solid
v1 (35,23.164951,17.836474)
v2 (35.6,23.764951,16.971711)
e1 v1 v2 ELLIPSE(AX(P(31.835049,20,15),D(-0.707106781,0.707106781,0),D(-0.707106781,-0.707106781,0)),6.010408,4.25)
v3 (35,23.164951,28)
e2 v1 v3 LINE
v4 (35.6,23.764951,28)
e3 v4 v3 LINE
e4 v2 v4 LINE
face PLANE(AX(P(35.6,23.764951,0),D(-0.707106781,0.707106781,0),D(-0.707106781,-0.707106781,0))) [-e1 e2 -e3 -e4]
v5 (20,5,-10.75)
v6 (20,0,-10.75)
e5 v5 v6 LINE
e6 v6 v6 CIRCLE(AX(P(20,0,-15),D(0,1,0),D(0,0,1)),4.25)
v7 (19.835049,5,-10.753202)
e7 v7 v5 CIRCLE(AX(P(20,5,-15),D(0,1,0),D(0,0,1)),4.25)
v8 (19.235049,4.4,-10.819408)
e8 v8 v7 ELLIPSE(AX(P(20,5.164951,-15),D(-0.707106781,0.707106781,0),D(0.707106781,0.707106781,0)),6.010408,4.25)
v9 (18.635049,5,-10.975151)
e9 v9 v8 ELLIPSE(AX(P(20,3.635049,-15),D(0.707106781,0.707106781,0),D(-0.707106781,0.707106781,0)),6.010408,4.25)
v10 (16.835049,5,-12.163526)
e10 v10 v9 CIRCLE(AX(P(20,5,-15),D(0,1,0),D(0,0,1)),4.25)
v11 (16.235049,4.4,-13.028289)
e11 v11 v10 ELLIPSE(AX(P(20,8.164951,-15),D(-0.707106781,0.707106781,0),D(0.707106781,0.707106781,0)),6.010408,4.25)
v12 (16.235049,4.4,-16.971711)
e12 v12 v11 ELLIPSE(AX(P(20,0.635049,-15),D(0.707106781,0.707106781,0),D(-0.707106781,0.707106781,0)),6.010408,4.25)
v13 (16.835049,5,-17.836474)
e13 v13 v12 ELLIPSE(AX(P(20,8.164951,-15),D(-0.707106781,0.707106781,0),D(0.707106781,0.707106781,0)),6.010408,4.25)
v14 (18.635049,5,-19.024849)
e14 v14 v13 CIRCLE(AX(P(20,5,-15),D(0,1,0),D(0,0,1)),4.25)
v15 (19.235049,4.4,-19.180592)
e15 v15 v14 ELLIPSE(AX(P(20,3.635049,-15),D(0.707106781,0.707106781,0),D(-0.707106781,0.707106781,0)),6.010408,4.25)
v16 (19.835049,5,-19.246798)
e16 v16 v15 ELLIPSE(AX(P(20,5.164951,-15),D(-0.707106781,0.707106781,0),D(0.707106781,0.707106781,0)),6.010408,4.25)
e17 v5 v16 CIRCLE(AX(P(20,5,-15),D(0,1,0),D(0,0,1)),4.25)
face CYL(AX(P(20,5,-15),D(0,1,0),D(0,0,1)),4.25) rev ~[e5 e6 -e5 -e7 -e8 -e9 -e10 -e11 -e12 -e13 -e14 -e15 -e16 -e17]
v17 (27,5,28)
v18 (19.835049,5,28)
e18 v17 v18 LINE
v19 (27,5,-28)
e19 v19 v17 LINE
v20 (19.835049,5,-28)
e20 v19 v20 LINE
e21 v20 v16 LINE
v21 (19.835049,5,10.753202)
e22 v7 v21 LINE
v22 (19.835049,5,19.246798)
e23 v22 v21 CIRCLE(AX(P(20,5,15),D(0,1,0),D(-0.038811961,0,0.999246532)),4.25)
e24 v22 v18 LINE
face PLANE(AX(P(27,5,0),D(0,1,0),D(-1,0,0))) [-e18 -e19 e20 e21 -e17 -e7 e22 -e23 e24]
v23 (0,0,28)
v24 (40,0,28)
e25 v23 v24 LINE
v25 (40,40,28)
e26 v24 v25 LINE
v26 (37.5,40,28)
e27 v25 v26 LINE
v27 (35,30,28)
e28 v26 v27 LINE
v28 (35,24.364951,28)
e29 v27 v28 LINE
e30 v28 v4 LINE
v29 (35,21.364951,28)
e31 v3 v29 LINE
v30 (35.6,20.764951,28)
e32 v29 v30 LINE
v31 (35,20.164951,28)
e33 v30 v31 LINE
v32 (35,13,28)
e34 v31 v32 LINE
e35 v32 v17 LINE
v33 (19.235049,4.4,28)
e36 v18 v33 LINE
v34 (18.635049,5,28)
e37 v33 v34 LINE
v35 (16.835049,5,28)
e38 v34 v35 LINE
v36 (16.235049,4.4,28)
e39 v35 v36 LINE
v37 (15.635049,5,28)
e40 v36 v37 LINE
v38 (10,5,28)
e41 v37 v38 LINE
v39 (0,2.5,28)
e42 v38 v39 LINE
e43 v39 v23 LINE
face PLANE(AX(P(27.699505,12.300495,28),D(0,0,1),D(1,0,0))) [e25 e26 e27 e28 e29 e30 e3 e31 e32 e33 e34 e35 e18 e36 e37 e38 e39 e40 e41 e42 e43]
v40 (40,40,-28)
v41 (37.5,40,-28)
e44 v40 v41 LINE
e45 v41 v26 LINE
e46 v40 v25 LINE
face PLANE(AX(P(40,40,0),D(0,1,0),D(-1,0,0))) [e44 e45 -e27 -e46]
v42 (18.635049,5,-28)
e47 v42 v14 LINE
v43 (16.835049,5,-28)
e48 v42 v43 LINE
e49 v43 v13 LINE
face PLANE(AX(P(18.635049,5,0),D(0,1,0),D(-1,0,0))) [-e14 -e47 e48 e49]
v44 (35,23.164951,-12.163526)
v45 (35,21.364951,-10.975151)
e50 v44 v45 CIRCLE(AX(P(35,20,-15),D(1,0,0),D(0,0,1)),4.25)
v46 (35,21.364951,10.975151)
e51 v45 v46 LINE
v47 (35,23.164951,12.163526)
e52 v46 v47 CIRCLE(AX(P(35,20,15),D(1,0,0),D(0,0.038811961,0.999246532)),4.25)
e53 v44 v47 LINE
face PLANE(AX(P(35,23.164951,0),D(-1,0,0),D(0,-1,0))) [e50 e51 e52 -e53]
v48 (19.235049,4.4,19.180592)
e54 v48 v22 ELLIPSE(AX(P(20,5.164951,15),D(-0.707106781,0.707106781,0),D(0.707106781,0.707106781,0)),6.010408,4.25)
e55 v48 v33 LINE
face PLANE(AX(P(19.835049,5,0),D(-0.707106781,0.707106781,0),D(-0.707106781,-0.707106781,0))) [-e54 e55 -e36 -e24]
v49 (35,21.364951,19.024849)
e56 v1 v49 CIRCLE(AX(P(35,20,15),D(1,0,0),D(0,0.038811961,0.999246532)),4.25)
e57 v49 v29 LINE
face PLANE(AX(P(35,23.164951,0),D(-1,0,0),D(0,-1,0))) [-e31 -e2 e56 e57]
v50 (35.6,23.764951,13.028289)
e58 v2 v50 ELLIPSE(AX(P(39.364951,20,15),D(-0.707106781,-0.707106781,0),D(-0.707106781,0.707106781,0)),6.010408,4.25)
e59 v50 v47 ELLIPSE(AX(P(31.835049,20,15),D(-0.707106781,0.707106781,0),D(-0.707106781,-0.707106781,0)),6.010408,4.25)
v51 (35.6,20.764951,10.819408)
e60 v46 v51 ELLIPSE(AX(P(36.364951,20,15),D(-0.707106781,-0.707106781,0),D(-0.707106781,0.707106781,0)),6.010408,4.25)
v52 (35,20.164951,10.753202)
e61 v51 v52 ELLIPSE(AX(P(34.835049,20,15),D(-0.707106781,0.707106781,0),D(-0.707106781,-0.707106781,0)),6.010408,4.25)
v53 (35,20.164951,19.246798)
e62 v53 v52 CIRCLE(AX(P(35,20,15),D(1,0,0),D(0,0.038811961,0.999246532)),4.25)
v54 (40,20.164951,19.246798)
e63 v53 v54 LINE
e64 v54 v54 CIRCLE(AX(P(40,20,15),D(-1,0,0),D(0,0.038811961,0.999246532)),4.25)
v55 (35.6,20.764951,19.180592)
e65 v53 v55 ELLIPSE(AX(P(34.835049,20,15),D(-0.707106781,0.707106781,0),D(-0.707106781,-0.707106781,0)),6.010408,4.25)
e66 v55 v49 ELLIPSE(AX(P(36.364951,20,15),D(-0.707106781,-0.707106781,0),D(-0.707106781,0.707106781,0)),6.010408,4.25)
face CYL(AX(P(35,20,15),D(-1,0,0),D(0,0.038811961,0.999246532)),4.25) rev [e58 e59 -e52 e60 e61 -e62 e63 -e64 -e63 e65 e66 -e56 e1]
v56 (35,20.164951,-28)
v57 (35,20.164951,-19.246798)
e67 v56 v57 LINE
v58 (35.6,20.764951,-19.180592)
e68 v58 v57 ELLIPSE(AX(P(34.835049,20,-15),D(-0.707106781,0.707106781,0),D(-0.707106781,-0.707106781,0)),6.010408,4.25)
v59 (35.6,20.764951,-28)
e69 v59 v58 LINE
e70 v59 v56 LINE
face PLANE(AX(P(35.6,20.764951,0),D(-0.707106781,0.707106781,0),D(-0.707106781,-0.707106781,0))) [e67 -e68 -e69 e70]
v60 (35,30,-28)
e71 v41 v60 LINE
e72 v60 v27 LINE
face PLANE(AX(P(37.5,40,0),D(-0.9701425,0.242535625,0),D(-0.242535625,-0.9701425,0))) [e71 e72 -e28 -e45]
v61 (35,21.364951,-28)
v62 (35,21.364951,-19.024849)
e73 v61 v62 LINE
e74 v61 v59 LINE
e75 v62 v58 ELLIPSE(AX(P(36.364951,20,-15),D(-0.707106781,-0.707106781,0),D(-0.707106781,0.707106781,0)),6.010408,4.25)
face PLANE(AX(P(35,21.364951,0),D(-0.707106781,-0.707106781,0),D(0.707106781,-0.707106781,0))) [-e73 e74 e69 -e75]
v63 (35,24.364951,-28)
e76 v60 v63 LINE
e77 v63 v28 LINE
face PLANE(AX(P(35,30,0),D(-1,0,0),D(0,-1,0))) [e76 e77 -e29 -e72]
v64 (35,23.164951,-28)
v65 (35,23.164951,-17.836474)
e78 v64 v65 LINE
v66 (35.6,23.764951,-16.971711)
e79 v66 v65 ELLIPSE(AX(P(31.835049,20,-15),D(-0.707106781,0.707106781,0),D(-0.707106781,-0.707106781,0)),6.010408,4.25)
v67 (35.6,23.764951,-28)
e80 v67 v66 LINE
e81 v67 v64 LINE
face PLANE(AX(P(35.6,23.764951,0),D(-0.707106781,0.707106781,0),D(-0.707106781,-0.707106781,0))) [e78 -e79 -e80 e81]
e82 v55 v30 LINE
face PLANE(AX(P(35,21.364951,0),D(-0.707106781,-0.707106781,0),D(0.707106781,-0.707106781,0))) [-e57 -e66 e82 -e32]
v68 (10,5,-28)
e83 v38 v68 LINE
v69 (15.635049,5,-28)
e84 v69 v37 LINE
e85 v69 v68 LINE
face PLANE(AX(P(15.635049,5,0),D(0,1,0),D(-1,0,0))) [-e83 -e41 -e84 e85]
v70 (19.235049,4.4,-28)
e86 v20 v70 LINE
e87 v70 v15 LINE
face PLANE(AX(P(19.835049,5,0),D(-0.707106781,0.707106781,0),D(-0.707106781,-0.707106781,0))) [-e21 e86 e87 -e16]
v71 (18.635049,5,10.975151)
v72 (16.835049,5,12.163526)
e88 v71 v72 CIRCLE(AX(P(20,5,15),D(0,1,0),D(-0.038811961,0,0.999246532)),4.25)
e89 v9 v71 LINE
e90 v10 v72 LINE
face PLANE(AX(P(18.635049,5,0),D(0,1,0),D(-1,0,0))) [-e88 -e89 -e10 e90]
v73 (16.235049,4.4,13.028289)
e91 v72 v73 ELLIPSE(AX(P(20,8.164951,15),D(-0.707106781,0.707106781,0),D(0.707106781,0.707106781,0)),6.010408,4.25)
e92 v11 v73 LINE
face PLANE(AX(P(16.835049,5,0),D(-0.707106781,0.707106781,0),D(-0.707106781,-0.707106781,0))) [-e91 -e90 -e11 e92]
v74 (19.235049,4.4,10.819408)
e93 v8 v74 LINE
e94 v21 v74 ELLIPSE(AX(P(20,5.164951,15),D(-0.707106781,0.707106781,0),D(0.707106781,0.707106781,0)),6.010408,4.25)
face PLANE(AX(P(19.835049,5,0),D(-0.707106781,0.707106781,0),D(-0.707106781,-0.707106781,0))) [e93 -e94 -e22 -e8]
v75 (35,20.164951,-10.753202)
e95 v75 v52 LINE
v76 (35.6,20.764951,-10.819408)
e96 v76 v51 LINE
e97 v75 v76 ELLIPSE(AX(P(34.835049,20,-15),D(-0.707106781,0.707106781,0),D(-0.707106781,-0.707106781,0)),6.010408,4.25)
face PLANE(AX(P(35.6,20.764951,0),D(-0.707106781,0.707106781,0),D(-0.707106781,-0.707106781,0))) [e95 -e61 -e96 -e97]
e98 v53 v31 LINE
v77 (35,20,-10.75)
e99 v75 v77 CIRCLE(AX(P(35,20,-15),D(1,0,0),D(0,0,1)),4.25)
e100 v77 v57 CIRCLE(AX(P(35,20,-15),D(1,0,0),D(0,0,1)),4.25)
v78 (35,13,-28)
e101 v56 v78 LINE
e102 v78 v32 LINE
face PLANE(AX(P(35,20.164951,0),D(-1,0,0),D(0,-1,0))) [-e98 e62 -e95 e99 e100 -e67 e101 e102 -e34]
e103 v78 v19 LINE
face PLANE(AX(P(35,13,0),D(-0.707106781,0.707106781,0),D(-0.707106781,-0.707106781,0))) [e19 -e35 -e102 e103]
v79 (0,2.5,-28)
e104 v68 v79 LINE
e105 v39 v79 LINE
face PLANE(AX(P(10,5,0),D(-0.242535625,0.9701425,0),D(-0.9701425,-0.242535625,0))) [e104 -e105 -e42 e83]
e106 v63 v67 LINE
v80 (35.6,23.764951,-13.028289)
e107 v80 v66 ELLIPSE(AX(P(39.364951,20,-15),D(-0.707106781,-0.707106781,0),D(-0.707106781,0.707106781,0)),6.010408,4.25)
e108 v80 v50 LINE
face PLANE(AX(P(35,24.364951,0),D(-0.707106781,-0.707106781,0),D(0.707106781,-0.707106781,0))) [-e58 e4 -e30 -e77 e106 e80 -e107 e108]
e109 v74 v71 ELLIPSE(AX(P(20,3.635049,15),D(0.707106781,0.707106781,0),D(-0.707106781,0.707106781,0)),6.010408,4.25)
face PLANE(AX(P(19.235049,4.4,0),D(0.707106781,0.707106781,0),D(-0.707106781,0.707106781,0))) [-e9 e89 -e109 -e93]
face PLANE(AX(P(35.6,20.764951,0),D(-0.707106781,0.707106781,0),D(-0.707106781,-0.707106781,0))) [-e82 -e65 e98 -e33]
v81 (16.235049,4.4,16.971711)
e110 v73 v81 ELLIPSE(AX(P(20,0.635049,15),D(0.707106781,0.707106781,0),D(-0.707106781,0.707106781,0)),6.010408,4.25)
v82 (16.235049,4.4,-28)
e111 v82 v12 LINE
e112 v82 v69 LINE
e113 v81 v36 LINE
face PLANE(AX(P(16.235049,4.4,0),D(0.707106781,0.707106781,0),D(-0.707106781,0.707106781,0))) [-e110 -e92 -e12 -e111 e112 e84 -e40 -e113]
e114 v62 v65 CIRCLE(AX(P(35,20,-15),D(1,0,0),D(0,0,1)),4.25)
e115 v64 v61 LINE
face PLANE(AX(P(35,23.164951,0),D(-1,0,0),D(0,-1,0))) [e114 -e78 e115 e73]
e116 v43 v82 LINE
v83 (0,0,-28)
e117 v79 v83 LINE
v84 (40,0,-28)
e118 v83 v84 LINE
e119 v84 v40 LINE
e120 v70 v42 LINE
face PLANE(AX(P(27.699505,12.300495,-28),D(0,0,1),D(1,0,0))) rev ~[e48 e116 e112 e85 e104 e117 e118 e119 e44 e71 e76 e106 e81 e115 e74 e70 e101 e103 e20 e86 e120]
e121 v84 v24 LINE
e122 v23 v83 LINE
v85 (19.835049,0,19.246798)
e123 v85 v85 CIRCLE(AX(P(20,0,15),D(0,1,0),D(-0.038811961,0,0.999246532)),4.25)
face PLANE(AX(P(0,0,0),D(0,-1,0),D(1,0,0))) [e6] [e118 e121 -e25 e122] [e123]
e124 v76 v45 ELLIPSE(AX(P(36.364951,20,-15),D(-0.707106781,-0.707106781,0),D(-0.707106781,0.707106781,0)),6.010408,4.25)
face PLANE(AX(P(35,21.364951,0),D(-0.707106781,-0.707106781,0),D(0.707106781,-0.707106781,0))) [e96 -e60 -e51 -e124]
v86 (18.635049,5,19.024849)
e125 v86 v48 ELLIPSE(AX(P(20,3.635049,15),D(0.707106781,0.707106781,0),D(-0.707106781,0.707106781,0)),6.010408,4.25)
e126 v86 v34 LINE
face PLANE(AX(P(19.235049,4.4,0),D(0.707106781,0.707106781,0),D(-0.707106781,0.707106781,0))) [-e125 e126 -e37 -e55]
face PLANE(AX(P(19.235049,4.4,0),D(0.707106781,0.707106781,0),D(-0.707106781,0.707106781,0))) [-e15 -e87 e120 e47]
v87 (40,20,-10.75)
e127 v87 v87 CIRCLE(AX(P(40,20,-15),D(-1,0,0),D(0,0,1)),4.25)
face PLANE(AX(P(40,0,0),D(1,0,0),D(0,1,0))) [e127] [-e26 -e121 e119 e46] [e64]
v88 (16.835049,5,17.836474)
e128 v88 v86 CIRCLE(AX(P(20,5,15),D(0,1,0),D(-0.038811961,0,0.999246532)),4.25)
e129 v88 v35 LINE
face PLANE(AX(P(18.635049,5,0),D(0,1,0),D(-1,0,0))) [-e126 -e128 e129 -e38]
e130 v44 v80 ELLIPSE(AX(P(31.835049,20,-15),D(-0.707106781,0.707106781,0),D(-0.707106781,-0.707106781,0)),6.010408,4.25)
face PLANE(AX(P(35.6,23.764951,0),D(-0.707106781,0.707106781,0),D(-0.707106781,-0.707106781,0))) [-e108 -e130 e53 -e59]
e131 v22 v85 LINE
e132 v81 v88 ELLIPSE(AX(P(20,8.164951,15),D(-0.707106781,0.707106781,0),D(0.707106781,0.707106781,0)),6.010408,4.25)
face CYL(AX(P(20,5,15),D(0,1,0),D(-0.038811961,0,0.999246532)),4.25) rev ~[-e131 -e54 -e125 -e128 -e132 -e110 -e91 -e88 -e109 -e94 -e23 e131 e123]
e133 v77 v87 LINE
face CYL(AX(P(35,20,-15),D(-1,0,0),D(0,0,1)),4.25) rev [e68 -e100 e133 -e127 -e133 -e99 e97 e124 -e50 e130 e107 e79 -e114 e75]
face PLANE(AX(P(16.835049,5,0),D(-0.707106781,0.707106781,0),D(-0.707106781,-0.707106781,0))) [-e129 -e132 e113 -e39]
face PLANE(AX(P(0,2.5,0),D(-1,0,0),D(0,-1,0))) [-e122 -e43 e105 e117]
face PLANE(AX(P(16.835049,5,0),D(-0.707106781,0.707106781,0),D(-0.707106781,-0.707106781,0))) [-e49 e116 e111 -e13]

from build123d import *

# Parameters (mm, degrees)
EXTRUDE_1_DEPTH     = 28
SKETCH_3_R          = 4.25
CUT_EXTRUDE_1_DEPTH = 61.074953184


with BuildPart() as part:
    # 草图1 → 凸台-拉伸1 (new, symmetric)
    with BuildSketch(Plane.XY):
        Polygon((0, 0), (40, 0), (40, 40), (37.5, 40), (35, 30), (35, 24.364950833), (35.6, 23.764950833), (35, 23.164950833), (35, 21.364950833), (35.6, 20.764950833), (35, 20.164950833), (35, 13), (27, 5), (19.835049167, 5), (19.235049167, 4.4), (18.635049167, 5), (16.835049167, 5), (16.235049167, 4.4), (15.635049167, 5), (10, 5), (0, 2.5), align=None)
    extrude(amount=EXTRUDE_1_DEPTH, both=True)

    # 草图3 → 切除-拉伸1 (cut, through all)
    with BuildSketch(Plane(origin=(0, 5, 0), x_dir=(1, 0, 0), z_dir=(0, 1, 0))):
        with Locations(Location((20, 15, 0), (0, 0, 270))):
            Circle(SKETCH_3_R)
        with Locations(Location((20, -15, 0), (0, 0, 267.775679771))):
            Circle(SKETCH_3_R)
    cut_extrude_1 = extrude(amount=-CUT_EXTRUDE_1_DEPTH, mode=Mode.SUBTRACT)

    # 镜向1: 切除-拉伸1 across plane
    add(cut_extrude_1.mirror(Plane(origin=(20, 20, 0), x_dir=(0, 0, 1), z_dir=(-0.7071067811865414, -0.7071067811865538, 0))), mode=Mode.SUBTRACT)


solid = part.part
